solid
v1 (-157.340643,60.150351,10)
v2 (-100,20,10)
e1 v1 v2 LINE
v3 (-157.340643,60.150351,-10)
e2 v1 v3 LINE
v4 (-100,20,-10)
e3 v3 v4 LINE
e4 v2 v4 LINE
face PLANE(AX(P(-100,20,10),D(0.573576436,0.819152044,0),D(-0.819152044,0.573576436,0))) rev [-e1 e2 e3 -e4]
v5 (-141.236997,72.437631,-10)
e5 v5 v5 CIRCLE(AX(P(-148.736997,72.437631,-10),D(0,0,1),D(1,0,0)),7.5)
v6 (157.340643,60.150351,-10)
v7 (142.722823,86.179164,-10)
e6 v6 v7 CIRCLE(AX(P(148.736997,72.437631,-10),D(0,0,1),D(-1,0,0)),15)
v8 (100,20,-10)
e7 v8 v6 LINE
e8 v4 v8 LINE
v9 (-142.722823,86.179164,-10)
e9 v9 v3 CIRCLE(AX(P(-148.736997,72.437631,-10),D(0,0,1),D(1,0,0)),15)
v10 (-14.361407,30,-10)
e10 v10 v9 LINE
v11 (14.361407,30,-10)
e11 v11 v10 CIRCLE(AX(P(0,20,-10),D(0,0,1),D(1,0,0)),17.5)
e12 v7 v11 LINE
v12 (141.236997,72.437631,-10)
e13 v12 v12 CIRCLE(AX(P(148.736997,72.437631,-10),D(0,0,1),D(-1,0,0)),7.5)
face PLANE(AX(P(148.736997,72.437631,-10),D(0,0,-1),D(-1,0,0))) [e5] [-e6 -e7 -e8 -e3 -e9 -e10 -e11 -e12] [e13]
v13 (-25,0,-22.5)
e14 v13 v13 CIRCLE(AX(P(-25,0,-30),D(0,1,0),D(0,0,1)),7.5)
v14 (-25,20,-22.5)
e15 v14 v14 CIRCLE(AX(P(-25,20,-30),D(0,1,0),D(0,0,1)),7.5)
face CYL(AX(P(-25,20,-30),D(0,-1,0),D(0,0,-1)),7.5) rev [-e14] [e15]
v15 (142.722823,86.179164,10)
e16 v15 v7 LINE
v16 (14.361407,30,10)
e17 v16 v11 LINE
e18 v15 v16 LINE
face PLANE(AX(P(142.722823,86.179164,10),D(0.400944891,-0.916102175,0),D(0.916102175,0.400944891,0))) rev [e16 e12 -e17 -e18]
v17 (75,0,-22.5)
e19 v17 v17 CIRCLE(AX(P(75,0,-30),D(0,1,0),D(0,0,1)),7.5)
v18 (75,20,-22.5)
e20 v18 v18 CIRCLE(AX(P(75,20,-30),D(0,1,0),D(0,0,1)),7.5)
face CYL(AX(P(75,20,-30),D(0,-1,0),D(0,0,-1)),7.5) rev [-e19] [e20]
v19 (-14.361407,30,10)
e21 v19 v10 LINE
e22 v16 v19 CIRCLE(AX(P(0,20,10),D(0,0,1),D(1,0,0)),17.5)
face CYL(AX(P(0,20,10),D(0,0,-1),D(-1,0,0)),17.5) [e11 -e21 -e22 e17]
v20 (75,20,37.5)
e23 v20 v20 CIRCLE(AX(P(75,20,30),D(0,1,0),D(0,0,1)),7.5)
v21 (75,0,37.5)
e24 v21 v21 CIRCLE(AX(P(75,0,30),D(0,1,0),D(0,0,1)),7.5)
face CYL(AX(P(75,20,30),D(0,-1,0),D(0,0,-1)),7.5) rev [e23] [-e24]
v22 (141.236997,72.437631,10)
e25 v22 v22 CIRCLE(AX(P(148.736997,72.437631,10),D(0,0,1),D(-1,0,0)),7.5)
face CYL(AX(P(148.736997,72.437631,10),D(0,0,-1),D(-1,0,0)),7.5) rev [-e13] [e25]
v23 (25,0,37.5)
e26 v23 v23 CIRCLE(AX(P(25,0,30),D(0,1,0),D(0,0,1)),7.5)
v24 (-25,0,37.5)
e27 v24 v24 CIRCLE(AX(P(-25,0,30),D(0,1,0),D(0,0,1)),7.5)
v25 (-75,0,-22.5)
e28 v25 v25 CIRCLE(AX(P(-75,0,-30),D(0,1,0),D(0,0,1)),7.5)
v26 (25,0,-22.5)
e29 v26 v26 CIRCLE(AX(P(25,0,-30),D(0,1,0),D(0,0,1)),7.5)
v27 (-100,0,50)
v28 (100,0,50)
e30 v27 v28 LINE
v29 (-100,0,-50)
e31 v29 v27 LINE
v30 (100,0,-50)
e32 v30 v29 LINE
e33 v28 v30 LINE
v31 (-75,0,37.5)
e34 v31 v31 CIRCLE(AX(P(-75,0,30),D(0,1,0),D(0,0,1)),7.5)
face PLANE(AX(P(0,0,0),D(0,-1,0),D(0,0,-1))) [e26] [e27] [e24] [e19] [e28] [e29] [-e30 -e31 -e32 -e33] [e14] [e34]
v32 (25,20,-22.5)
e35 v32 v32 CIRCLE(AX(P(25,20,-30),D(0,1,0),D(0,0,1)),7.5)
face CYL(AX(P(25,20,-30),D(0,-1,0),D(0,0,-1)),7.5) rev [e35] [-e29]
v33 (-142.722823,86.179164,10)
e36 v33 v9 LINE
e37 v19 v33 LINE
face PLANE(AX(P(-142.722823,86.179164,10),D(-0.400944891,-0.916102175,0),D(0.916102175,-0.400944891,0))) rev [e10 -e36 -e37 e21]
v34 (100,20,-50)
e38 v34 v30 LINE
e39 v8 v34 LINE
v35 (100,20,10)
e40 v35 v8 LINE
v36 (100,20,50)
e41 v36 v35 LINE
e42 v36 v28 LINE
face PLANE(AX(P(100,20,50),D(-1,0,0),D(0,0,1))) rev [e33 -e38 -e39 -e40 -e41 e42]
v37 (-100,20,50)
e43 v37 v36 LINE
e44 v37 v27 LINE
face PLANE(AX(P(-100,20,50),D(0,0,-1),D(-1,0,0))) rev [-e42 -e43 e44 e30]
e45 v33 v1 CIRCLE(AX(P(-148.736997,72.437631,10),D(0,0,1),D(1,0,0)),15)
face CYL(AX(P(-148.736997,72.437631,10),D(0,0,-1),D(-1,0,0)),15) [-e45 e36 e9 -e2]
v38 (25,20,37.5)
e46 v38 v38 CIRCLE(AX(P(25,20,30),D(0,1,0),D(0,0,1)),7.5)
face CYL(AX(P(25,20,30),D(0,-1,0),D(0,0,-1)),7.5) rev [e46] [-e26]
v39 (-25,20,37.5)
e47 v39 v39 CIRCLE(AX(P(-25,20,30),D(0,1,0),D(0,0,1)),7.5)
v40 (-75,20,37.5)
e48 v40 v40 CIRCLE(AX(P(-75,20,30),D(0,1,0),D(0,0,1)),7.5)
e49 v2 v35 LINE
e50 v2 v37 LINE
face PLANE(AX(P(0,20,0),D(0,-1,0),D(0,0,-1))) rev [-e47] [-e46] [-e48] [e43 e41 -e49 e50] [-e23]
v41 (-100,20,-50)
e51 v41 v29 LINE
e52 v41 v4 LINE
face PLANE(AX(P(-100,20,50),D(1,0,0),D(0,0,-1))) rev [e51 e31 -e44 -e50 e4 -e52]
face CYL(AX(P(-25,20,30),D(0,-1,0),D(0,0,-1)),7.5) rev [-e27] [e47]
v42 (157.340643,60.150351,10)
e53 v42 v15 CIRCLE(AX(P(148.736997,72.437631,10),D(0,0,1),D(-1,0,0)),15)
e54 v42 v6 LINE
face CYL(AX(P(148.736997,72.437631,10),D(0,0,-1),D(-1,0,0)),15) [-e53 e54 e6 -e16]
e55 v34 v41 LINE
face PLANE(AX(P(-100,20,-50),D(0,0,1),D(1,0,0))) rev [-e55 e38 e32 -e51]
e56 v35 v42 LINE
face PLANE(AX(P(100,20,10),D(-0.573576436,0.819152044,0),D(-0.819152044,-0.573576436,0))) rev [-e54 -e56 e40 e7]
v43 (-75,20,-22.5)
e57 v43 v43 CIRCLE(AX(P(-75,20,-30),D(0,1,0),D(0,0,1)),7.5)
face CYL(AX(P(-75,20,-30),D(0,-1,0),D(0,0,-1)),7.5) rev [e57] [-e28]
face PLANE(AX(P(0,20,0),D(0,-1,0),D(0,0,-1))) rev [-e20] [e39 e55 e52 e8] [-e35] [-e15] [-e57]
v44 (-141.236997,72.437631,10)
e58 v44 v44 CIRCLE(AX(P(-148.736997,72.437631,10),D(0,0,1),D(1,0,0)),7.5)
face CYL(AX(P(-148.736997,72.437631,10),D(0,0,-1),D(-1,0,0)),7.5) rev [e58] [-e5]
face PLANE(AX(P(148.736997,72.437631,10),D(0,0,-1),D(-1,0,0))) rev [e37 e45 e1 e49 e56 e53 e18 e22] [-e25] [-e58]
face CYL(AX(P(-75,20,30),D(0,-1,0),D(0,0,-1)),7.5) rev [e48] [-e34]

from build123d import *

# Parameters (mm, degrees)
SKETCH1_W           = 200
SKETCH1_H           = 100
SKETCH1_R           = 7.5
BOSS_EXTRUDE1_DEPTH = 20
SKETCH2_R           = 7.5
BOSS_EXTRUDE2_DEPTH = 10


with BuildPart() as part:
    # Sketch1 → Boss-Extrude1 (new body)
    with BuildSketch(Plane(origin=(0, 0, 0), x_dir=(1, 0, 0), z_dir=(0, 1, 0))):
        Rectangle(SKETCH1_W, SKETCH1_H)
        with Locations(Location((-75, 30, 0), (0, 0, 270))):
            Circle(SKETCH1_R, mode=Mode.SUBTRACT)
        with Locations(Location((-75, -30, 0), (0, 0, 270))):
            Circle(SKETCH1_R, mode=Mode.SUBTRACT)
        with Locations(Location((-25, 30, 0), (0, 0, 270))):
            Circle(SKETCH1_R, mode=Mode.SUBTRACT)
        with Locations(Location((-25, -30, 0), (0, 0, 270))):
            Circle(SKETCH1_R, mode=Mode.SUBTRACT)
        with Locations(Location((25, 30, 0), (0, 0, 270))):
            Circle(SKETCH1_R, mode=Mode.SUBTRACT)
        with Locations(Location((25, -30, 0), (0, 0, 270))):
            Circle(SKETCH1_R, mode=Mode.SUBTRACT)
        with Locations(Location((75, 30, 0), (0, 0, 270))):
            Circle(SKETCH1_R, mode=Mode.SUBTRACT)
        with Locations(Location((75, -30, 0), (0, 0, 270))):
            Circle(SKETCH1_R, mode=Mode.SUBTRACT)
    extrude(amount=BOSS_EXTRUDE1_DEPTH)

    # Sketch2 → Boss-Extrude2 (add, symmetric)
    with BuildSketch(Plane.XY):
        with BuildLine():
            Line((-100, 20), (-157.3406431, 60.150350545))
            ThreePointArc((-157.3406431, 60.150350545), (-161.81564798, 79.782621127), (-142.722823192, 86.17916383))
            Line((-142.722823192, 86.17916383), (-14.361406616, 30))
            ThreePointArc((-14.361406616, 30), (0, 37.5), (14.361406616, 30))
            Line((14.361406616, 30), (142.722823192, 86.17916383))
            ThreePointArc((142.722823192, 86.17916383), (161.81564798, 79.782621127), (157.3406431, 60.150350545))
            Line((157.3406431, 60.150350545), (100, 20))
            Line((100, 20), (-100, 20))
        make_face()
        with Locations((-148.736996555, 72.437631209)):
            Circle(SKETCH2_R, mode=Mode.SUBTRACT)
        with Locations(Location((148.736996555, 72.437631209, 0), (0, 0, 180))):
            Circle(SKETCH2_R, mode=Mode.SUBTRACT)
    extrude(amount=BOSS_EXTRUDE2_DEPTH, both=True)


solid = part.part
